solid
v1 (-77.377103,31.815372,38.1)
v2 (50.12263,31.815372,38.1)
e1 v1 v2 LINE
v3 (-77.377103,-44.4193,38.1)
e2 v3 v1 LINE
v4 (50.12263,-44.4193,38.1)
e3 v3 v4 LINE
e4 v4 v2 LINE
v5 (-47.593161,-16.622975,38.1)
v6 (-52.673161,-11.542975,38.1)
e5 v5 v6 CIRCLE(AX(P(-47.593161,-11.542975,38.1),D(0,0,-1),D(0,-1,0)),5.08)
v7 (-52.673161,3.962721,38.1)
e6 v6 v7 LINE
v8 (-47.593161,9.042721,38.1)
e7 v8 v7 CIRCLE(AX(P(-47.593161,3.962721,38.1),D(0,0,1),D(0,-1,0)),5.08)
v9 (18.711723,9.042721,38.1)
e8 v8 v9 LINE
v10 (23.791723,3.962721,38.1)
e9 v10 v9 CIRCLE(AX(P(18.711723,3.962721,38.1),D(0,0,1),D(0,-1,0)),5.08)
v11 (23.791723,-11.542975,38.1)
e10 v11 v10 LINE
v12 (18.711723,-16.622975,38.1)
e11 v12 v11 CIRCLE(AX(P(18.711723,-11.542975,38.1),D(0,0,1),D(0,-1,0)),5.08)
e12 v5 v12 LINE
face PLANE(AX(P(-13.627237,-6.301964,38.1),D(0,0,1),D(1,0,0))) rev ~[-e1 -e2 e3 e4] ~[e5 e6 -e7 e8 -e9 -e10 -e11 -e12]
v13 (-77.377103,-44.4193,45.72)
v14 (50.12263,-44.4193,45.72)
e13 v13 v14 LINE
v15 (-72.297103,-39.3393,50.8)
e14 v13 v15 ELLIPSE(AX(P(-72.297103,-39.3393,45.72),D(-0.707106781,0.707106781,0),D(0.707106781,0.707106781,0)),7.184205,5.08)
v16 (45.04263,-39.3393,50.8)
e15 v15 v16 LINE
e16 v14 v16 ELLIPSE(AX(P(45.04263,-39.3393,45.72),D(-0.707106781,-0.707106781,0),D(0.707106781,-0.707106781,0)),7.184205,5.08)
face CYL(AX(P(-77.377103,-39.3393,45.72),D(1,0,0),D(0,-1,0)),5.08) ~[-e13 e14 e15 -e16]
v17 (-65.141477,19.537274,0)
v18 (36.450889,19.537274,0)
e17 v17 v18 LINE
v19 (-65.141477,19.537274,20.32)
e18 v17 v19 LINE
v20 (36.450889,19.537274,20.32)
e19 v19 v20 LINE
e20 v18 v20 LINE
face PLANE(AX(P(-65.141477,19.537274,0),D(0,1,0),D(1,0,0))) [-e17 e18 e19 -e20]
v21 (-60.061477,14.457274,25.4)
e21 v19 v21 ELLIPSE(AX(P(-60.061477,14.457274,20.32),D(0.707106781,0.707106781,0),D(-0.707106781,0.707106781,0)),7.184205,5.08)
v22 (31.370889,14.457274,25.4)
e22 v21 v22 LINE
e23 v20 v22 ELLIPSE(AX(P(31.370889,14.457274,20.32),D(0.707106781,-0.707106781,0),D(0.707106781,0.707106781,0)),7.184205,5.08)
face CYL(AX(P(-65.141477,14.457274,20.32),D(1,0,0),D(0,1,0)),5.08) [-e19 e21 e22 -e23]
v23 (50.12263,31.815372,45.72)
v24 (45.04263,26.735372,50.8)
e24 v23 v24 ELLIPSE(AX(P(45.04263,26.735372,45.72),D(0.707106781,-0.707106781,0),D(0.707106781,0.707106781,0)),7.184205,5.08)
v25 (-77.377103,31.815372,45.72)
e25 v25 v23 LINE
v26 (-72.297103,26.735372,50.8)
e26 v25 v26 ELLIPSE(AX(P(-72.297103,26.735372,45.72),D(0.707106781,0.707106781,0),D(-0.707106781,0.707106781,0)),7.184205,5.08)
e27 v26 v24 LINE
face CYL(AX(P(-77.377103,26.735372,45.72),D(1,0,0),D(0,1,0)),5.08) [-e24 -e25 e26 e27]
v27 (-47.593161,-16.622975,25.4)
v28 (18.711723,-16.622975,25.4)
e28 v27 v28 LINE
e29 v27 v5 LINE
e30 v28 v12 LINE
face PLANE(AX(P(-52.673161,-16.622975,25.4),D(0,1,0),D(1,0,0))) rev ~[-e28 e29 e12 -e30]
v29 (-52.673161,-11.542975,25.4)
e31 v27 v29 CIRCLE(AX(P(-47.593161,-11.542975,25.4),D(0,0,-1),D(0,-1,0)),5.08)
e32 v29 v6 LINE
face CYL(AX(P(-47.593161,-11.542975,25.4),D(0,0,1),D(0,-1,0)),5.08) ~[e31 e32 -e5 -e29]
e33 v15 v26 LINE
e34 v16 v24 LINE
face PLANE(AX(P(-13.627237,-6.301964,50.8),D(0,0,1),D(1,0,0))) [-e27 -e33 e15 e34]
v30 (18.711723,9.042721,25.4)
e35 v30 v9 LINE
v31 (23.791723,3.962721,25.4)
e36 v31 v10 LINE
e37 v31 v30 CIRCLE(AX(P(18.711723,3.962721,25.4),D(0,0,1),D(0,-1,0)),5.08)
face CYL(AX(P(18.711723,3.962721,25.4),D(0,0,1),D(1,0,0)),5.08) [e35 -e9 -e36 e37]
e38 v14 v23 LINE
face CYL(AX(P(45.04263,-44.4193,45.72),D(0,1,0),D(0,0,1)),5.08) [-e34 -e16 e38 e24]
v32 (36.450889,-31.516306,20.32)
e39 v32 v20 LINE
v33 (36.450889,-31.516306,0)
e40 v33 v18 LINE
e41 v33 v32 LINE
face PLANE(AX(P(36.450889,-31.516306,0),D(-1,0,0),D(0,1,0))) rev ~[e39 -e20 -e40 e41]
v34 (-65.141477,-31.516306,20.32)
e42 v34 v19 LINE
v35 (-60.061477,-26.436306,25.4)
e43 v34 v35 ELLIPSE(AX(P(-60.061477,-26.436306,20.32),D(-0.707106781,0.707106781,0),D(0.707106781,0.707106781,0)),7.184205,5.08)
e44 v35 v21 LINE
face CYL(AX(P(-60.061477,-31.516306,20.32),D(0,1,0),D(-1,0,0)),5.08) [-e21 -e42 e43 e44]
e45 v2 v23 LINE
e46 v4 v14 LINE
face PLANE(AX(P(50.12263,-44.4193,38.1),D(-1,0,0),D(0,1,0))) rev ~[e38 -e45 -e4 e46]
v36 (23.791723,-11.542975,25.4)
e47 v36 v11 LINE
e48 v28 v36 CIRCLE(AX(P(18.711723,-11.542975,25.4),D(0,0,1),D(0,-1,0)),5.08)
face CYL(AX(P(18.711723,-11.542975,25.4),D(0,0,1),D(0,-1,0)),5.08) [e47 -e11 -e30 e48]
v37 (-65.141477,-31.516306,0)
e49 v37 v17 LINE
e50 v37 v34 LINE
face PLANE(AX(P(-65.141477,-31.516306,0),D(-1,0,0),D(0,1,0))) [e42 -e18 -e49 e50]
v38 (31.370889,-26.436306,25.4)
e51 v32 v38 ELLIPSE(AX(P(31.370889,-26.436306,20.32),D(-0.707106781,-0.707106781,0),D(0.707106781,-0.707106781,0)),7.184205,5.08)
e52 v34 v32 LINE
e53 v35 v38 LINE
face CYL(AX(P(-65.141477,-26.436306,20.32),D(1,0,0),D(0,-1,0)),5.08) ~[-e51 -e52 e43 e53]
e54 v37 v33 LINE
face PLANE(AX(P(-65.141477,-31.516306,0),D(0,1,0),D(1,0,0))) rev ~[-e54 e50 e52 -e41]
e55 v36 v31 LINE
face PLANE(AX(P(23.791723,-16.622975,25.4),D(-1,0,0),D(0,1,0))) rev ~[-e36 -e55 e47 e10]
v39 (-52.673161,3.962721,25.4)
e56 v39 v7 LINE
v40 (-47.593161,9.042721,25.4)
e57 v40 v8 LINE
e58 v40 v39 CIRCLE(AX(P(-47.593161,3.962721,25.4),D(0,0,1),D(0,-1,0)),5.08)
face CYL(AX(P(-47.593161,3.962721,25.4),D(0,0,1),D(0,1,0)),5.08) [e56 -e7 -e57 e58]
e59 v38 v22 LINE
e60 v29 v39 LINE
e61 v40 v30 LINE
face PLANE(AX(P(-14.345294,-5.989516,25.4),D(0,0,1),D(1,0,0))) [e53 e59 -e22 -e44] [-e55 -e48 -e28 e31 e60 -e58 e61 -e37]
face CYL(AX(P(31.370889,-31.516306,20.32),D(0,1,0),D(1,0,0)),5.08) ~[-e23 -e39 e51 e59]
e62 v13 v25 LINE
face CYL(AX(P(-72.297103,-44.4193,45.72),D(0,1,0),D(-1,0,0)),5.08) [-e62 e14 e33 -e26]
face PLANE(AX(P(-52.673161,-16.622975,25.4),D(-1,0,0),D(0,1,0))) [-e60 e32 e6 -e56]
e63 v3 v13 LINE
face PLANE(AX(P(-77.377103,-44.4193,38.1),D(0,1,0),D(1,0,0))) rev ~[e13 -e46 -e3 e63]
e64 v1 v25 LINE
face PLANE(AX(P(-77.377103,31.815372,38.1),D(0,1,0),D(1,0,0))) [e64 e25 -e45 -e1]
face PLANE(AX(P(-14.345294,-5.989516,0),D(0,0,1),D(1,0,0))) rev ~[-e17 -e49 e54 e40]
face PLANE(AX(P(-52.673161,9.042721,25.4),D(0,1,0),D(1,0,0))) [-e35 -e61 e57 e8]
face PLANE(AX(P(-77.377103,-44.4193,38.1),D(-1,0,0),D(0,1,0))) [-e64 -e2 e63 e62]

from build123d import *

# Parameters (mm, degrees)
F0_W     = 101.5923656523
F0_H     = 51.0535798967
F1_DEPTH = 25.4
F2_R     = 5.08
F3_W     = 76.4648839831
F3_H     = 25.6656967103
F4_DEPTH = 12.7
F5_R     = 5.08
F6_W     = 127.4997331202
F6_H     = 76.2346722186
F7_DEPTH = 12.7
F8_R     = 5.08


with BuildPart() as f1:
    # F0 (on Top) → F1 (new body)
    with BuildSketch(Plane.XY):
        with Locations((-14.3452938646, -5.9895161539)):
            Rectangle(F0_W, F0_H)
    extrude(amount=F1_DEPTH)

    # F2
    f2_edges = [f1.edges().sort_by_distance(p)[0] for p in [
        (-14.345294, -31.516306, 25.4),
        (-65.141477, -5.989516, 25.4),
        (-14.345294, 19.537274, 25.4),
        (36.450889, -5.989516, 25.4),
    ]]
    fillet(f2_edges, radius=F2_R)

    # F3 (on face) → F4 (join)
    with BuildSketch(Plane.XY.offset(25.4)):
        with Locations((-14.4407190382, -3.7901271135)):
            Rectangle(F3_W, F3_H)
    extrude(amount=F4_DEPTH)

    # F5
    f5_edges = [f1.edges().sort_by_distance(p)[0] for p in [
        (-52.673161, -16.622975, 31.75),
        (23.791723, -16.622975, 31.75),
        (-52.673161, 9.042721, 31.75),
        (23.791723, 9.042721, 31.75),
    ]]
    fillet(f5_edges, radius=F5_R)

    # F6 (on face) → F7 (join)
    with BuildSketch(Plane.XY.offset(38.1)):
        with Locations((-13.627236709, -6.3019637018)):
            Rectangle(F6_W, F6_H)
        with BuildLine():
            Line((-47.5931610298, 9.0427212417), (18.7117229533, 9.0427212417))
            ThreePointArc((18.7117229533, 9.0427212417), (22.3038254017, 7.5548236901), (23.7917229533, 3.9627212417))
            Line((23.7917229533, 3.9627212417), (23.7917229533, -11.5429754686))
            ThreePointArc((23.7917229533, -11.5429754686), (22.3038254017, -15.1350779171), (18.7117229533, -16.6229754686))
            Line((18.7117229533, -16.6229754686), (-47.5931610298, -16.6229754686))
            ThreePointArc((-47.5931610298, -16.6229754686), (-51.1852634782, -15.1350779171), (-52.6731610298, -11.5429754686))
            Line((-52.6731610298, -11.5429754686), (-52.6731610298, 3.9627212417))
            ThreePointArc((-52.6731610298, 3.9627212417), (-51.1852634782, 7.5548236901), (-47.5931610298, 9.0427212417))
        make_face(mode=Mode.SUBTRACT)
        with BuildLine():
            ThreePointArc((23.7917229533, 3.9627212417), (22.3038254017, 7.5548236901), (18.7117229533, 9.0427212417))
            Line((18.7117229533, 9.0427212417), (-47.5931610298, 9.0427212417))
            ThreePointArc((-47.5931610298, 9.0427212417), (-51.1852634782, 7.5548236901), (-52.6731610298, 3.9627212417))
            Line((-52.6731610298, 3.9627212417), (-52.6731610298, -11.5429754686))
            ThreePointArc((-52.6731610298, -11.5429754686), (-51.1852634782, -15.1350779171), (-47.5931610298, -16.6229754686))
            Line((-47.5931610298, -16.6229754686), (18.7117229533, -16.6229754686))
            ThreePointArc((18.7117229533, -16.6229754686), (22.3038254017, -15.1350779171), (23.7917229533, -11.5429754686))
            Line((23.7917229533, -11.5429754686), (23.7917229533, 3.9627212417))
        make_face()
    extrude(amount=F7_DEPTH)

    # F8
    f8_edges = [f1.edges().sort_by_distance(p)[0] for p in [
        (-13.627237, -44.4193, 50.8),
        (-77.377103, -6.301964, 50.8),
        (-13.627237, 31.815372, 50.8),
        (50.12263, -6.301964, 50.8),
    ]]
    fillet(f8_edges, radius=F8_R)


solid = f1.part
